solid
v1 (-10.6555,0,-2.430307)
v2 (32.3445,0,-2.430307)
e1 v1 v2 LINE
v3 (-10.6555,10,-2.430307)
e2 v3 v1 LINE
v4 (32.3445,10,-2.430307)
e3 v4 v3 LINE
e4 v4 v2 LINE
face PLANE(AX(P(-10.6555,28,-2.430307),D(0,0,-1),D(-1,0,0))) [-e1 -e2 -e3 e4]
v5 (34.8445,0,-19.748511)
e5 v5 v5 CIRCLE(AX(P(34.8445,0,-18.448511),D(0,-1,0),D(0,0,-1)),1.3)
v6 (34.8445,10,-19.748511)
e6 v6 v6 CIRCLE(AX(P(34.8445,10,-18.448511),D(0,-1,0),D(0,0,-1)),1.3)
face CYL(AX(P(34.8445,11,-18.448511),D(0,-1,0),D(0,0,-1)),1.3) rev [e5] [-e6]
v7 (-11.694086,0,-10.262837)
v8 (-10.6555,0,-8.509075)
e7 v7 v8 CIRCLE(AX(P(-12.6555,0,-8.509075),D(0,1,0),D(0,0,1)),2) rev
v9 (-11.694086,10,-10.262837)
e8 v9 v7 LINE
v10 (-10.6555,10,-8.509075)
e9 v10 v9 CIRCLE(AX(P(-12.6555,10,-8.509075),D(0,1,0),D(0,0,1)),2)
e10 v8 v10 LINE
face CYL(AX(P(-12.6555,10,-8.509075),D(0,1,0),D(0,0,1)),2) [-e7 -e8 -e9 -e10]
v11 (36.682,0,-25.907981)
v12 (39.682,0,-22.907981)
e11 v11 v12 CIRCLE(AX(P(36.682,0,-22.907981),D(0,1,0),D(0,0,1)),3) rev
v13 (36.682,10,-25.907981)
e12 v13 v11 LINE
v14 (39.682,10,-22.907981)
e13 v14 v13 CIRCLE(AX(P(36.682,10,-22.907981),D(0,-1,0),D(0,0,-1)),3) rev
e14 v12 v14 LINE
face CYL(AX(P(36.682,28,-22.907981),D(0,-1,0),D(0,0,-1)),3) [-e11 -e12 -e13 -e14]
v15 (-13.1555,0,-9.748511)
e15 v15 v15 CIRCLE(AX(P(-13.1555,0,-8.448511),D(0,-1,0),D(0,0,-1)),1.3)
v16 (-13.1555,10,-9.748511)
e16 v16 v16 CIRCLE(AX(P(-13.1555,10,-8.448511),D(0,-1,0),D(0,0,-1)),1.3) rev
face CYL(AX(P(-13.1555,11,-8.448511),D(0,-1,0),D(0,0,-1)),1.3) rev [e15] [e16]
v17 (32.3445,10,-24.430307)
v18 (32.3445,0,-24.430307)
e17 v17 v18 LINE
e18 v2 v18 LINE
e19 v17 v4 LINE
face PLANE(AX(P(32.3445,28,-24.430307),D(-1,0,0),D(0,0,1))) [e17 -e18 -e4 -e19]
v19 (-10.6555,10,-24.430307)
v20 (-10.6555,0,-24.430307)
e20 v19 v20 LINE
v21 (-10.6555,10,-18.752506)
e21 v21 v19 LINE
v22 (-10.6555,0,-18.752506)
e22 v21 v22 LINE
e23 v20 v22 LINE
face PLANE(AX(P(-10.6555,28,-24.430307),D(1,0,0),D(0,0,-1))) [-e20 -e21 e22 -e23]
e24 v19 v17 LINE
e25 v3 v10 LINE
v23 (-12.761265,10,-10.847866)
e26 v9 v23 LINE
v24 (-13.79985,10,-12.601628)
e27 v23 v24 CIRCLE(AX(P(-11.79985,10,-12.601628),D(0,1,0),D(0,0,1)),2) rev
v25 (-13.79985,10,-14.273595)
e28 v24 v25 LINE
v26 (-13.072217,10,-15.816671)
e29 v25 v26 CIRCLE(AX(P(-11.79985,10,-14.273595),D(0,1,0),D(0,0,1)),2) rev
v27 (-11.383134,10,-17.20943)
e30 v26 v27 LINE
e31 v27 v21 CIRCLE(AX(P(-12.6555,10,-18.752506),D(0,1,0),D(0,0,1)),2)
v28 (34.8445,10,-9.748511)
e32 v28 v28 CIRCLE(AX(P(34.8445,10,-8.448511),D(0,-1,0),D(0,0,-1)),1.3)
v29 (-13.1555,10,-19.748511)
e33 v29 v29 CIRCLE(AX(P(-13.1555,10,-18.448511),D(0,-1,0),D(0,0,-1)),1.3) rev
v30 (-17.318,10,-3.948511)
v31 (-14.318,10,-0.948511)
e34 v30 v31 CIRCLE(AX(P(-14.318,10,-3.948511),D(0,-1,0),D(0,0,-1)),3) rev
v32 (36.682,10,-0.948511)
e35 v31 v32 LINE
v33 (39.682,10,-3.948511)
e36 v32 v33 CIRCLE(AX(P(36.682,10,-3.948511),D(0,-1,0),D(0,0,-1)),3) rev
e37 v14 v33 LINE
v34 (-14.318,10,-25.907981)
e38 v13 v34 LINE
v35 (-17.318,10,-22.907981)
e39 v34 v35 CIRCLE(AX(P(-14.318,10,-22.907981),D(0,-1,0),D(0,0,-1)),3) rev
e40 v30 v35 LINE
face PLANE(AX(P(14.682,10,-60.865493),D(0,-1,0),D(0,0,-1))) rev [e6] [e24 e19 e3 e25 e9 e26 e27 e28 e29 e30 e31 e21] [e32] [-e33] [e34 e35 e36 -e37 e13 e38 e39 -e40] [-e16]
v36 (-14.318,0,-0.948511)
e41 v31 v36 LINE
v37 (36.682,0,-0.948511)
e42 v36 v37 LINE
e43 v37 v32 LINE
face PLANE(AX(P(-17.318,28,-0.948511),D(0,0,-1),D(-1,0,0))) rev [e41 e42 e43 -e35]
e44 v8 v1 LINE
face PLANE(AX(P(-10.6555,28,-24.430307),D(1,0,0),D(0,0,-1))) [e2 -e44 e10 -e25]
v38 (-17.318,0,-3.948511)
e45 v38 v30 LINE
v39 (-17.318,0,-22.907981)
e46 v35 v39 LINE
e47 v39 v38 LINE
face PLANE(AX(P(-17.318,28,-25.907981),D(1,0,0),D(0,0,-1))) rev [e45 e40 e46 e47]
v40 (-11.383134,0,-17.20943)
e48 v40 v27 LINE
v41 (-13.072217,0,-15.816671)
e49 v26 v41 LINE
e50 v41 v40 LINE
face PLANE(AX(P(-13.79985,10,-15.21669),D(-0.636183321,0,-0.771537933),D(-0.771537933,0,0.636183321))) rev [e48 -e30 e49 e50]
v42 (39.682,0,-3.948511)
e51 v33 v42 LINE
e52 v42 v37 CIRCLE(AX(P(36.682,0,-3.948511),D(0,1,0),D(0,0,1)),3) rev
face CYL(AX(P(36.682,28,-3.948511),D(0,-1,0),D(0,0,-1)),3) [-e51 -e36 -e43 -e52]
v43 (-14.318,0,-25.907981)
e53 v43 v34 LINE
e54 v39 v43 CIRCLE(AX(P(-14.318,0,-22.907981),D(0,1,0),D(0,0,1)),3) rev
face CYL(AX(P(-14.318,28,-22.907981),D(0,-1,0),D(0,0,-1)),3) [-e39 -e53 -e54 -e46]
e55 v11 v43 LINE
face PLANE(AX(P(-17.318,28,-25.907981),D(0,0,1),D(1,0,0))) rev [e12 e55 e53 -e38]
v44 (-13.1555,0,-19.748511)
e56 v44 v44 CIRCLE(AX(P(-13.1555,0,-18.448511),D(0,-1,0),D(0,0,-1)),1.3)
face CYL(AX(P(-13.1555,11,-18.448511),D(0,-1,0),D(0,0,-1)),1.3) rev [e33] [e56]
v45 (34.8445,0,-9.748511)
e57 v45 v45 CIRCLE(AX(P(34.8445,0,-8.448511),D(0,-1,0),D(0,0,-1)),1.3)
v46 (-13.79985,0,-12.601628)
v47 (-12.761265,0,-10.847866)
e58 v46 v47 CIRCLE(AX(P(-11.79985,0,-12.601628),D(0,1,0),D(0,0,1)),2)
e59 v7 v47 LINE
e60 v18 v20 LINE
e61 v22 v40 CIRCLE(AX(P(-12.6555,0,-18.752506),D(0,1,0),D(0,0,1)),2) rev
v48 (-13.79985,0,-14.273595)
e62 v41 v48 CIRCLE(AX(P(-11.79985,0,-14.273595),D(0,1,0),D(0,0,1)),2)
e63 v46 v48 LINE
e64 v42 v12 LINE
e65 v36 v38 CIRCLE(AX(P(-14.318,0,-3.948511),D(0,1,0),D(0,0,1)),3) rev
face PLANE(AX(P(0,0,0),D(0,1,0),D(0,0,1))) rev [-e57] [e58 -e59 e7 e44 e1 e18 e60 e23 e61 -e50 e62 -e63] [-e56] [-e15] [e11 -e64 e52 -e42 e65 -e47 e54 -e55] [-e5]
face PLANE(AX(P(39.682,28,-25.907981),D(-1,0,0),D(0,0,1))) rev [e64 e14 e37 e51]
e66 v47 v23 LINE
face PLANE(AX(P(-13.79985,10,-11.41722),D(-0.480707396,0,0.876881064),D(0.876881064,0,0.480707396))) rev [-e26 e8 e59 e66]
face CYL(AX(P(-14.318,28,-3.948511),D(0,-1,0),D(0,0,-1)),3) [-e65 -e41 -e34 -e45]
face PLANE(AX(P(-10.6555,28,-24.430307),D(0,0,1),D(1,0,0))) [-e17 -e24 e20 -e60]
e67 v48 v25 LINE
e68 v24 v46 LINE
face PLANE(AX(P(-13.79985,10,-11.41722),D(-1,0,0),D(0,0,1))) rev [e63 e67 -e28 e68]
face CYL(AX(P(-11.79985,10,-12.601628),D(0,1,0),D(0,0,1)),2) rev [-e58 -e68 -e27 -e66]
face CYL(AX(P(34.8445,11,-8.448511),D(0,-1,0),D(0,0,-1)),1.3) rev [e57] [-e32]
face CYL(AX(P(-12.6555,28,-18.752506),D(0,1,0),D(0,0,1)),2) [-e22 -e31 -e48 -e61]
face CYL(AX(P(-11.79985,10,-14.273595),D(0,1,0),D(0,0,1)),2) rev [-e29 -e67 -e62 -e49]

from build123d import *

# Parameters (mm, degrees)
CROQUIS1_W              = 57
CROQUIS1_H              = 24.959470006
CROQUIS1_W_2            = 43
CROQUIS1_H_2            = 22
MAIN_DEPTH              = 28
CROQUIS2_W              = 27.955905163
CROQUIS2_H              = 20.987971864
CORTE_CAJA_DEPTH        = 24.95947
CROQUIS3_W              = 32
CROQUIS3_H              = 24.959470006
SALIENTE_EXTRUIR2_DEPTH = 2.25
REDONDEO_LATERALES_R    = 3
CROQUIS7_R              = 1.3
TALADROS_BASE_DEPTH     = 11
CAJEADO_CABLE_DEPTH     = 10
CAJEADO_REDONDEO_R      = 2
CORTAR_EXTRUIR1_DEPTH   = 24.95947


with BuildPart() as part:
    # Croquis1 → Main (new body)
    with BuildSketch(Plane(origin=(0, 0, 0), x_dir=(1, 0, 0), z_dir=(0, 1, 0))):
        with Locations((11.181999645, 13.428246359)):
            Rectangle(CROQUIS1_W, CROQUIS1_H)
        with Locations((10.844499645, 13.430306654)):
            Rectangle(CROQUIS1_W_2, CROQUIS1_H_2, mode=Mode.SUBTRACT)
    extrude(amount=MAIN_DEPTH)

    # Croquis2 → Corte Caja (cut)
    with BuildSketch(Plane.XY.offset(-0.948511356)):
        with Locations((28.659952227, 20.493985932)):
            Rectangle(CROQUIS2_W, CROQUIS2_H)
    extrude(amount=-CORTE_CAJA_DEPTH, mode=Mode.SUBTRACT)

    # Croquis3 → Saliente-Extruir2 (add)
    with BuildSketch(Plane(origin=(0, 28, 0), x_dir=(1, 0, 0), z_dir=(0, 1, 0))):
        with Locations((-1.318000355, 13.428246359)):
            Rectangle(CROQUIS3_W, CROQUIS3_H)
    extrude(amount=SALIENTE_EXTRUIR2_DEPTH)

    # Redondeo Laterales
    redondeo_laterales_edges = [part.edges().sort_by_distance(p)[0] for p in [
        (39.681999645, 5, -25.907981362),
        (39.681999645, 5, -0.948511356),
        (-17.318000355, 15.125, -25.907981362),
        (-17.318000355, 15.125, -0.948511356),
    ]]
    fillet(redondeo_laterales_edges, radius=REDONDEO_LATERALES_R)

    # Croquis7 → Taladros Base (cut)
    with BuildSketch(Plane.XZ):
        with Locations((-13.155500355, -8.448511356)):
            Circle(CROQUIS7_R)
        with Locations((-13.155500355, -18.448511356)):
            Circle(CROQUIS7_R)
        with Locations((34.844499645, -8.448511356)):
            Circle(CROQUIS7_R)
        with Locations((34.844499645, -18.448511356)):
            Circle(CROQUIS7_R)
    extrude(amount=-TALADROS_BASE_DEPTH, mode=Mode.SUBTRACT)

    # Croquis8 → Cajeado cable (cut)
    with BuildSketch(Plane.XZ):
        Polygon((-10.655500355, -17.809410949), (-10.655500355, -9.693483102), (-13.79985022, -11.41721999), (-13.79985022, -15.216689513), align=None)
    extrude(amount=-CAJEADO_CABLE_DEPTH, mode=Mode.SUBTRACT)

    # Cajeado Redondeo
    cajeado_redondeo_edges = [part.edges().sort_by_distance(p)[0] for p in [
        (-13.79985022, 5, -11.41721999),
        (-10.655500355, 5, -9.693483102),
        (-10.655500355, 5, -17.809410949),
        (-13.79985022, 5, -15.216689513),
    ]]
    fillet(cajeado_redondeo_edges, radius=CAJEADO_REDONDEO_R)

    # Croquis10 → Cortar-Extruir1 (cut)
    with BuildSketch(Plane.XY.offset(-0.948511356)):
        Polygon((-18.751407395, 10), (41.252258099, 10), (41.252258099, 38.904482254), (-18.751407395, 38.904482254), (-18.751407395, 38.898632989), align=None)
    extrude(amount=-CORTAR_EXTRUIR1_DEPTH, mode=Mode.SUBTRACT)


solid = part.part
